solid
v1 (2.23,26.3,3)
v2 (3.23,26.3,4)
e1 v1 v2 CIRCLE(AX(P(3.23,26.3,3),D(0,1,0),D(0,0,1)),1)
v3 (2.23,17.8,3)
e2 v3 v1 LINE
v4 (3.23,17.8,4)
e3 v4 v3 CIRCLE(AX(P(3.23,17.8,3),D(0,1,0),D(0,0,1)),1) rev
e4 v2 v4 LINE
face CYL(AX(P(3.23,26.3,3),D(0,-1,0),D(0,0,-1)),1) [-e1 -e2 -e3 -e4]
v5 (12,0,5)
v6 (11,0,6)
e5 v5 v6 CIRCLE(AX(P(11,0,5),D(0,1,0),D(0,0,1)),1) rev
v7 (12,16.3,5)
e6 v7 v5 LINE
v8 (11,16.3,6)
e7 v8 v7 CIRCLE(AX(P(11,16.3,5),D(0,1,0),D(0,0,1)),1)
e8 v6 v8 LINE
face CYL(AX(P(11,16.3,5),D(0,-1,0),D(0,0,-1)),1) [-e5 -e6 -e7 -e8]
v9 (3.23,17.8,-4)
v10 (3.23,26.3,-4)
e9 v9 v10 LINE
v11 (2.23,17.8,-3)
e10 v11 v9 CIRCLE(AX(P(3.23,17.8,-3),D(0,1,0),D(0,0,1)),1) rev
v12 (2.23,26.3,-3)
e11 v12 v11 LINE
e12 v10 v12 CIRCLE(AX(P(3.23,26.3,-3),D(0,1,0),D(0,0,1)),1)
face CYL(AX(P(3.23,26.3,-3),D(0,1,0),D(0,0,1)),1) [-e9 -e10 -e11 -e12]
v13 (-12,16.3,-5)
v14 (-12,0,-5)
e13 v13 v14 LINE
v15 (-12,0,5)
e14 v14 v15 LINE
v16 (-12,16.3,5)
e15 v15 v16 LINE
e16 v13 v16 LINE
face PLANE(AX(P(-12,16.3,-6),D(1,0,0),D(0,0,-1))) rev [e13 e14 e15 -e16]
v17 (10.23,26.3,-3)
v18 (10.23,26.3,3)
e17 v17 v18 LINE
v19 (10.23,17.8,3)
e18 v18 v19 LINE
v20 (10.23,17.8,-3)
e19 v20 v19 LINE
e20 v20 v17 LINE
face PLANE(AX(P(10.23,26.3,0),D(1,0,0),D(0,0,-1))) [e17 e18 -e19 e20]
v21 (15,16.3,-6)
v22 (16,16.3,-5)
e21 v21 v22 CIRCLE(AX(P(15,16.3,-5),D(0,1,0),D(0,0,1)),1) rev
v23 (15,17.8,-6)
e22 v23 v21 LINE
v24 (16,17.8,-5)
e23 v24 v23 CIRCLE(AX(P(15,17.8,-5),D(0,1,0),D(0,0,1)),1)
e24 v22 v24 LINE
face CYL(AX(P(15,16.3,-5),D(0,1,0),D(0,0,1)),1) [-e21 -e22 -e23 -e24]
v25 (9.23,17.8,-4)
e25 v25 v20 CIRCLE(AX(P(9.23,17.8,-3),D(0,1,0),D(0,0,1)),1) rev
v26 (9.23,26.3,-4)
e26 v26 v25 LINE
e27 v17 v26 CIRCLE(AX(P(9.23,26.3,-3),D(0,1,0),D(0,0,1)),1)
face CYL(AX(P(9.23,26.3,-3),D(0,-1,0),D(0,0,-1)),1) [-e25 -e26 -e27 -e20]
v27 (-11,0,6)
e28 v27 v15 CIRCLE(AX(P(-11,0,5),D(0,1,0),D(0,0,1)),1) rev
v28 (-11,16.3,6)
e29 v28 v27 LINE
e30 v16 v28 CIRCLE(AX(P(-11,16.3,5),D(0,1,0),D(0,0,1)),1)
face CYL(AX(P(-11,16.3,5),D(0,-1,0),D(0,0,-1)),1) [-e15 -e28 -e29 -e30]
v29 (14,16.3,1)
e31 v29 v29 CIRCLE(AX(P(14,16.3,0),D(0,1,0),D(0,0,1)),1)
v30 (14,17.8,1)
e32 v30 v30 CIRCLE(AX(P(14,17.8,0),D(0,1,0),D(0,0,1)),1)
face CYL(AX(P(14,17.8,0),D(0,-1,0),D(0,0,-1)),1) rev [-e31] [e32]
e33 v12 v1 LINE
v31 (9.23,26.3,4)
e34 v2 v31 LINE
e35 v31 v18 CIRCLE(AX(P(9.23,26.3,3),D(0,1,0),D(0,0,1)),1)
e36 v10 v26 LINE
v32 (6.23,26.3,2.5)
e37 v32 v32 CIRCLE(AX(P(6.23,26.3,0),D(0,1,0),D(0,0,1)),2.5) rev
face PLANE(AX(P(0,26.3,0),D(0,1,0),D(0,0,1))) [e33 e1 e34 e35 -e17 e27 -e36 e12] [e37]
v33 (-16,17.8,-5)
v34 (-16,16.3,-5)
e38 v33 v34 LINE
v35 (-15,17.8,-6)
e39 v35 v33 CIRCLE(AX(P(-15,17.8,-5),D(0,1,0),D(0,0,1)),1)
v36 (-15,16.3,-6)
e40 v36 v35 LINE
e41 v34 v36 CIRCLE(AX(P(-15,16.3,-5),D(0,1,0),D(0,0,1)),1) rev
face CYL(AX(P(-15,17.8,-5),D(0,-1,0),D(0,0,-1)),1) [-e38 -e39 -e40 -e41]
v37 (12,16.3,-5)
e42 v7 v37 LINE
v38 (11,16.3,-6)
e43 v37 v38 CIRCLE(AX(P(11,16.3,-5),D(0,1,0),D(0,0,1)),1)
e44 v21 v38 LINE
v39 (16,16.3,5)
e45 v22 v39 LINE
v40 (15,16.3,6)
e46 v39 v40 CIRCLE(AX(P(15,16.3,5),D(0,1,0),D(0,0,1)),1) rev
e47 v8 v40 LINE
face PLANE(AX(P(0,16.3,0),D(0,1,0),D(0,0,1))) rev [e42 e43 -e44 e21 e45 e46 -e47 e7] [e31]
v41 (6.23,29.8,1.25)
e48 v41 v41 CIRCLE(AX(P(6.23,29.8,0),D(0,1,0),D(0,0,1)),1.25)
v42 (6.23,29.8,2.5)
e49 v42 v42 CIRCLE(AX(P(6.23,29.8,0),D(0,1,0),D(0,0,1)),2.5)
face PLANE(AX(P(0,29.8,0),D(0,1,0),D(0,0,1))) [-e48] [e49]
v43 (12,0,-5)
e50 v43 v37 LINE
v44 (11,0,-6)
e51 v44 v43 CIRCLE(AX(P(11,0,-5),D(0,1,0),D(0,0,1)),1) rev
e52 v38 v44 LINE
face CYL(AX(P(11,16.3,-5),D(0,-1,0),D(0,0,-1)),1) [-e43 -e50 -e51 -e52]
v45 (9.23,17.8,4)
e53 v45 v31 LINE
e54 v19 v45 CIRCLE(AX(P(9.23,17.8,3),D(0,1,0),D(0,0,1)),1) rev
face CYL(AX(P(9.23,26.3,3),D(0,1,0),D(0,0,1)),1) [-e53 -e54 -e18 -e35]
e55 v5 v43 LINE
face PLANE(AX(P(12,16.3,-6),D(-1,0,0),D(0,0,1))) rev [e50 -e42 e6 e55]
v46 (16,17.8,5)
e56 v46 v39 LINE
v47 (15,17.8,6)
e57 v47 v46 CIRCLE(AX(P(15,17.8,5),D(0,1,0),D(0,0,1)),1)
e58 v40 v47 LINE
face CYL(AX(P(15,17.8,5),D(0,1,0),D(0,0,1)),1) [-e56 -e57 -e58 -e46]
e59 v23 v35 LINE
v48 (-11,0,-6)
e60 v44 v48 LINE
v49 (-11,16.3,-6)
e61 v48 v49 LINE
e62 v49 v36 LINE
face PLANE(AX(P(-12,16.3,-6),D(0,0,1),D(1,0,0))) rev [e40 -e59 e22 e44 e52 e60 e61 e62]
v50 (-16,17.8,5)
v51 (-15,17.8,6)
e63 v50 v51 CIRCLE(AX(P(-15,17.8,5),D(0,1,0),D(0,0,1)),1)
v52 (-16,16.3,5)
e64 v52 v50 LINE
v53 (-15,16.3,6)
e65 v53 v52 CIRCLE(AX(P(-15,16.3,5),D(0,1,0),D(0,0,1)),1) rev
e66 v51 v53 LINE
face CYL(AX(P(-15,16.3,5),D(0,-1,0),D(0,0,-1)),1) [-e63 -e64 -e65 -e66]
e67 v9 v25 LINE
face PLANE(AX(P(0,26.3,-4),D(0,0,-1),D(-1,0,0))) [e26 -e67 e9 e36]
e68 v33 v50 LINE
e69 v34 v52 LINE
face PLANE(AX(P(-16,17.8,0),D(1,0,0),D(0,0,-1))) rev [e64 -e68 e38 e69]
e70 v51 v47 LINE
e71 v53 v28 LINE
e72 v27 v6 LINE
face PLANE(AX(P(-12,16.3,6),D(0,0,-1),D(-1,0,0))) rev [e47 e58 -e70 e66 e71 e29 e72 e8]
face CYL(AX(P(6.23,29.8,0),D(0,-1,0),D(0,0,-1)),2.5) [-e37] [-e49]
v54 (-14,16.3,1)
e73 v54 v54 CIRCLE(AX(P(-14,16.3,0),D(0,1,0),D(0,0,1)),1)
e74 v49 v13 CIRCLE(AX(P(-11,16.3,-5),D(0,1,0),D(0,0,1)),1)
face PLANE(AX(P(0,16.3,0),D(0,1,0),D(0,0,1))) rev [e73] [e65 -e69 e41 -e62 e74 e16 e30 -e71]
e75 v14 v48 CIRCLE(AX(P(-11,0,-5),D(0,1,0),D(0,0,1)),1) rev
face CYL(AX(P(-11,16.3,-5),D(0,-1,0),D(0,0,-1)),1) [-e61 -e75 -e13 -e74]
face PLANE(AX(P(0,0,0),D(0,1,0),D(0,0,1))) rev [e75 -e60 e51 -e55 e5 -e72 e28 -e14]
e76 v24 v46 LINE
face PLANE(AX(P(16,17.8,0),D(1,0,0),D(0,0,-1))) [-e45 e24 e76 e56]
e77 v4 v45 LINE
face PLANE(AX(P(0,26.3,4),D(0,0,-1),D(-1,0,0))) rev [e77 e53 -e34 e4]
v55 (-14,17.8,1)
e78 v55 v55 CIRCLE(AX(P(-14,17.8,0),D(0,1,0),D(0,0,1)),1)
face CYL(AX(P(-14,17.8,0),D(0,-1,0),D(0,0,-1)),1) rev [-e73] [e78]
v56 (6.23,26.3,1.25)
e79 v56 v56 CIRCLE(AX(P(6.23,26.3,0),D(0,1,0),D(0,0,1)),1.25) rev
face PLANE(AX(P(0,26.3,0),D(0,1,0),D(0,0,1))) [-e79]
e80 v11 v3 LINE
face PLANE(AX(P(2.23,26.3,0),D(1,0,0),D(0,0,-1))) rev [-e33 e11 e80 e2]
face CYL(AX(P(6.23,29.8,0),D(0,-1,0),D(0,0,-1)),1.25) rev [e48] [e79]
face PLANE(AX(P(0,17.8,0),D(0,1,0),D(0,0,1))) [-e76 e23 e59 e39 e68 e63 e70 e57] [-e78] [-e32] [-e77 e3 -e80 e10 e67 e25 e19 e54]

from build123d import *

# Parameters (mm, degrees)
SKETCH_1_W      = 24
SKETCH_1_H      = 12
EXTRUDE_1_DEPTH = 16.3
SKETCH_2_W      = 32
SKETCH_2_H      = 12
SKETCH_2_R      = 1
SKETCH_2_W_2    = 8
SKETCH_2_H_2    = 8
EXTRUDE_3_DEPTH = 1.5
SKETCH_2_4_W    = 8
SKETCH_2_4_H    = 8
EXTRUDE_4_DEPTH = 10
SKETCH_2_5_R    = 2.5
SKETCH_2_5_R_2  = 1.25
EXTRUDE_5_DEPTH = 13.5
FILLET_1_R      = 1
FILLET_2_R      = 1
FILLET_3_R      = 1


with BuildPart() as part:
    # 草图1 → 凸台-拉伸1 (new body)
    with BuildSketch(Plane(origin=(0, 0, 0), x_dir=(1, 0, 0), z_dir=(0, 1, 0))):
        Rectangle(SKETCH_1_W, SKETCH_1_H)
    extrude(amount=EXTRUDE_1_DEPTH)

    # 草图2 → 凸台-拉伸3 (add)
    with BuildSketch(Plane(origin=(0, 16.3, 0), x_dir=(1, 0, 0), z_dir=(0, 1, 0))):
        Rectangle(SKETCH_2_W, SKETCH_2_H)
        with Locations((-14, 0)):
            Circle(SKETCH_2_R, mode=Mode.SUBTRACT)
        with Locations((6.23, 0)):
            Rectangle(SKETCH_2_W_2, SKETCH_2_H_2, mode=Mode.SUBTRACT)
        with Locations((14, 0)):
            Circle(SKETCH_2_R, mode=Mode.SUBTRACT)
    extrude(amount=EXTRUDE_3_DEPTH)

    # 草图2<4> → 凸台-拉伸4 (add)
    with BuildSketch(Plane(origin=(0, 16.3, 0), x_dir=(1, 0, 0), z_dir=(0, 1, 0))):
        with Locations((6.23, 0)):
            Rectangle(SKETCH_2_4_W, SKETCH_2_4_H)
    extrude(amount=EXTRUDE_4_DEPTH)

    # 草图2<5> → 凸台-拉伸5 (add)
    with BuildSketch(Plane(origin=(0, 16.3, 0), x_dir=(1, 0, 0), z_dir=(0, 1, 0))):
        with Locations((6.23, 0)):
            Circle(SKETCH_2_5_R)
        with Locations((6.23, 0)):
            Circle(SKETCH_2_5_R_2, mode=Mode.SUBTRACT)
    extrude(amount=EXTRUDE_5_DEPTH)

    # 圆角1
    fillet_1_edges = [part.edges().sort_by_distance(p)[0] for p in [
        (16, 17.05, -6),
        (16, 17.05, 6),
        (-16, 17.05, -6),
        (-16, 17.05, 6),
    ]]
    fillet(fillet_1_edges, radius=FILLET_1_R)

    # 圆角2
    fillet_2_edges = [part.edges().sort_by_distance(p)[0] for p in [
        (10.23, 22.05, -4),
        (2.23, 22.05, -4),
        (2.23, 22.05, 4),
        (10.23, 22.05, 4),
    ]]
    fillet(fillet_2_edges, radius=FILLET_2_R)

    # 圆角3
    fillet_3_edges = [part.edges().sort_by_distance(p)[0] for p in [
        (-12, 8.15, -6),
        (-12, 8.15, 6),
        (12, 8.15, -6),
        (12, 8.15, 6),
    ]]
    fillet(fillet_3_edges, radius=FILLET_3_R)


solid = part.part
